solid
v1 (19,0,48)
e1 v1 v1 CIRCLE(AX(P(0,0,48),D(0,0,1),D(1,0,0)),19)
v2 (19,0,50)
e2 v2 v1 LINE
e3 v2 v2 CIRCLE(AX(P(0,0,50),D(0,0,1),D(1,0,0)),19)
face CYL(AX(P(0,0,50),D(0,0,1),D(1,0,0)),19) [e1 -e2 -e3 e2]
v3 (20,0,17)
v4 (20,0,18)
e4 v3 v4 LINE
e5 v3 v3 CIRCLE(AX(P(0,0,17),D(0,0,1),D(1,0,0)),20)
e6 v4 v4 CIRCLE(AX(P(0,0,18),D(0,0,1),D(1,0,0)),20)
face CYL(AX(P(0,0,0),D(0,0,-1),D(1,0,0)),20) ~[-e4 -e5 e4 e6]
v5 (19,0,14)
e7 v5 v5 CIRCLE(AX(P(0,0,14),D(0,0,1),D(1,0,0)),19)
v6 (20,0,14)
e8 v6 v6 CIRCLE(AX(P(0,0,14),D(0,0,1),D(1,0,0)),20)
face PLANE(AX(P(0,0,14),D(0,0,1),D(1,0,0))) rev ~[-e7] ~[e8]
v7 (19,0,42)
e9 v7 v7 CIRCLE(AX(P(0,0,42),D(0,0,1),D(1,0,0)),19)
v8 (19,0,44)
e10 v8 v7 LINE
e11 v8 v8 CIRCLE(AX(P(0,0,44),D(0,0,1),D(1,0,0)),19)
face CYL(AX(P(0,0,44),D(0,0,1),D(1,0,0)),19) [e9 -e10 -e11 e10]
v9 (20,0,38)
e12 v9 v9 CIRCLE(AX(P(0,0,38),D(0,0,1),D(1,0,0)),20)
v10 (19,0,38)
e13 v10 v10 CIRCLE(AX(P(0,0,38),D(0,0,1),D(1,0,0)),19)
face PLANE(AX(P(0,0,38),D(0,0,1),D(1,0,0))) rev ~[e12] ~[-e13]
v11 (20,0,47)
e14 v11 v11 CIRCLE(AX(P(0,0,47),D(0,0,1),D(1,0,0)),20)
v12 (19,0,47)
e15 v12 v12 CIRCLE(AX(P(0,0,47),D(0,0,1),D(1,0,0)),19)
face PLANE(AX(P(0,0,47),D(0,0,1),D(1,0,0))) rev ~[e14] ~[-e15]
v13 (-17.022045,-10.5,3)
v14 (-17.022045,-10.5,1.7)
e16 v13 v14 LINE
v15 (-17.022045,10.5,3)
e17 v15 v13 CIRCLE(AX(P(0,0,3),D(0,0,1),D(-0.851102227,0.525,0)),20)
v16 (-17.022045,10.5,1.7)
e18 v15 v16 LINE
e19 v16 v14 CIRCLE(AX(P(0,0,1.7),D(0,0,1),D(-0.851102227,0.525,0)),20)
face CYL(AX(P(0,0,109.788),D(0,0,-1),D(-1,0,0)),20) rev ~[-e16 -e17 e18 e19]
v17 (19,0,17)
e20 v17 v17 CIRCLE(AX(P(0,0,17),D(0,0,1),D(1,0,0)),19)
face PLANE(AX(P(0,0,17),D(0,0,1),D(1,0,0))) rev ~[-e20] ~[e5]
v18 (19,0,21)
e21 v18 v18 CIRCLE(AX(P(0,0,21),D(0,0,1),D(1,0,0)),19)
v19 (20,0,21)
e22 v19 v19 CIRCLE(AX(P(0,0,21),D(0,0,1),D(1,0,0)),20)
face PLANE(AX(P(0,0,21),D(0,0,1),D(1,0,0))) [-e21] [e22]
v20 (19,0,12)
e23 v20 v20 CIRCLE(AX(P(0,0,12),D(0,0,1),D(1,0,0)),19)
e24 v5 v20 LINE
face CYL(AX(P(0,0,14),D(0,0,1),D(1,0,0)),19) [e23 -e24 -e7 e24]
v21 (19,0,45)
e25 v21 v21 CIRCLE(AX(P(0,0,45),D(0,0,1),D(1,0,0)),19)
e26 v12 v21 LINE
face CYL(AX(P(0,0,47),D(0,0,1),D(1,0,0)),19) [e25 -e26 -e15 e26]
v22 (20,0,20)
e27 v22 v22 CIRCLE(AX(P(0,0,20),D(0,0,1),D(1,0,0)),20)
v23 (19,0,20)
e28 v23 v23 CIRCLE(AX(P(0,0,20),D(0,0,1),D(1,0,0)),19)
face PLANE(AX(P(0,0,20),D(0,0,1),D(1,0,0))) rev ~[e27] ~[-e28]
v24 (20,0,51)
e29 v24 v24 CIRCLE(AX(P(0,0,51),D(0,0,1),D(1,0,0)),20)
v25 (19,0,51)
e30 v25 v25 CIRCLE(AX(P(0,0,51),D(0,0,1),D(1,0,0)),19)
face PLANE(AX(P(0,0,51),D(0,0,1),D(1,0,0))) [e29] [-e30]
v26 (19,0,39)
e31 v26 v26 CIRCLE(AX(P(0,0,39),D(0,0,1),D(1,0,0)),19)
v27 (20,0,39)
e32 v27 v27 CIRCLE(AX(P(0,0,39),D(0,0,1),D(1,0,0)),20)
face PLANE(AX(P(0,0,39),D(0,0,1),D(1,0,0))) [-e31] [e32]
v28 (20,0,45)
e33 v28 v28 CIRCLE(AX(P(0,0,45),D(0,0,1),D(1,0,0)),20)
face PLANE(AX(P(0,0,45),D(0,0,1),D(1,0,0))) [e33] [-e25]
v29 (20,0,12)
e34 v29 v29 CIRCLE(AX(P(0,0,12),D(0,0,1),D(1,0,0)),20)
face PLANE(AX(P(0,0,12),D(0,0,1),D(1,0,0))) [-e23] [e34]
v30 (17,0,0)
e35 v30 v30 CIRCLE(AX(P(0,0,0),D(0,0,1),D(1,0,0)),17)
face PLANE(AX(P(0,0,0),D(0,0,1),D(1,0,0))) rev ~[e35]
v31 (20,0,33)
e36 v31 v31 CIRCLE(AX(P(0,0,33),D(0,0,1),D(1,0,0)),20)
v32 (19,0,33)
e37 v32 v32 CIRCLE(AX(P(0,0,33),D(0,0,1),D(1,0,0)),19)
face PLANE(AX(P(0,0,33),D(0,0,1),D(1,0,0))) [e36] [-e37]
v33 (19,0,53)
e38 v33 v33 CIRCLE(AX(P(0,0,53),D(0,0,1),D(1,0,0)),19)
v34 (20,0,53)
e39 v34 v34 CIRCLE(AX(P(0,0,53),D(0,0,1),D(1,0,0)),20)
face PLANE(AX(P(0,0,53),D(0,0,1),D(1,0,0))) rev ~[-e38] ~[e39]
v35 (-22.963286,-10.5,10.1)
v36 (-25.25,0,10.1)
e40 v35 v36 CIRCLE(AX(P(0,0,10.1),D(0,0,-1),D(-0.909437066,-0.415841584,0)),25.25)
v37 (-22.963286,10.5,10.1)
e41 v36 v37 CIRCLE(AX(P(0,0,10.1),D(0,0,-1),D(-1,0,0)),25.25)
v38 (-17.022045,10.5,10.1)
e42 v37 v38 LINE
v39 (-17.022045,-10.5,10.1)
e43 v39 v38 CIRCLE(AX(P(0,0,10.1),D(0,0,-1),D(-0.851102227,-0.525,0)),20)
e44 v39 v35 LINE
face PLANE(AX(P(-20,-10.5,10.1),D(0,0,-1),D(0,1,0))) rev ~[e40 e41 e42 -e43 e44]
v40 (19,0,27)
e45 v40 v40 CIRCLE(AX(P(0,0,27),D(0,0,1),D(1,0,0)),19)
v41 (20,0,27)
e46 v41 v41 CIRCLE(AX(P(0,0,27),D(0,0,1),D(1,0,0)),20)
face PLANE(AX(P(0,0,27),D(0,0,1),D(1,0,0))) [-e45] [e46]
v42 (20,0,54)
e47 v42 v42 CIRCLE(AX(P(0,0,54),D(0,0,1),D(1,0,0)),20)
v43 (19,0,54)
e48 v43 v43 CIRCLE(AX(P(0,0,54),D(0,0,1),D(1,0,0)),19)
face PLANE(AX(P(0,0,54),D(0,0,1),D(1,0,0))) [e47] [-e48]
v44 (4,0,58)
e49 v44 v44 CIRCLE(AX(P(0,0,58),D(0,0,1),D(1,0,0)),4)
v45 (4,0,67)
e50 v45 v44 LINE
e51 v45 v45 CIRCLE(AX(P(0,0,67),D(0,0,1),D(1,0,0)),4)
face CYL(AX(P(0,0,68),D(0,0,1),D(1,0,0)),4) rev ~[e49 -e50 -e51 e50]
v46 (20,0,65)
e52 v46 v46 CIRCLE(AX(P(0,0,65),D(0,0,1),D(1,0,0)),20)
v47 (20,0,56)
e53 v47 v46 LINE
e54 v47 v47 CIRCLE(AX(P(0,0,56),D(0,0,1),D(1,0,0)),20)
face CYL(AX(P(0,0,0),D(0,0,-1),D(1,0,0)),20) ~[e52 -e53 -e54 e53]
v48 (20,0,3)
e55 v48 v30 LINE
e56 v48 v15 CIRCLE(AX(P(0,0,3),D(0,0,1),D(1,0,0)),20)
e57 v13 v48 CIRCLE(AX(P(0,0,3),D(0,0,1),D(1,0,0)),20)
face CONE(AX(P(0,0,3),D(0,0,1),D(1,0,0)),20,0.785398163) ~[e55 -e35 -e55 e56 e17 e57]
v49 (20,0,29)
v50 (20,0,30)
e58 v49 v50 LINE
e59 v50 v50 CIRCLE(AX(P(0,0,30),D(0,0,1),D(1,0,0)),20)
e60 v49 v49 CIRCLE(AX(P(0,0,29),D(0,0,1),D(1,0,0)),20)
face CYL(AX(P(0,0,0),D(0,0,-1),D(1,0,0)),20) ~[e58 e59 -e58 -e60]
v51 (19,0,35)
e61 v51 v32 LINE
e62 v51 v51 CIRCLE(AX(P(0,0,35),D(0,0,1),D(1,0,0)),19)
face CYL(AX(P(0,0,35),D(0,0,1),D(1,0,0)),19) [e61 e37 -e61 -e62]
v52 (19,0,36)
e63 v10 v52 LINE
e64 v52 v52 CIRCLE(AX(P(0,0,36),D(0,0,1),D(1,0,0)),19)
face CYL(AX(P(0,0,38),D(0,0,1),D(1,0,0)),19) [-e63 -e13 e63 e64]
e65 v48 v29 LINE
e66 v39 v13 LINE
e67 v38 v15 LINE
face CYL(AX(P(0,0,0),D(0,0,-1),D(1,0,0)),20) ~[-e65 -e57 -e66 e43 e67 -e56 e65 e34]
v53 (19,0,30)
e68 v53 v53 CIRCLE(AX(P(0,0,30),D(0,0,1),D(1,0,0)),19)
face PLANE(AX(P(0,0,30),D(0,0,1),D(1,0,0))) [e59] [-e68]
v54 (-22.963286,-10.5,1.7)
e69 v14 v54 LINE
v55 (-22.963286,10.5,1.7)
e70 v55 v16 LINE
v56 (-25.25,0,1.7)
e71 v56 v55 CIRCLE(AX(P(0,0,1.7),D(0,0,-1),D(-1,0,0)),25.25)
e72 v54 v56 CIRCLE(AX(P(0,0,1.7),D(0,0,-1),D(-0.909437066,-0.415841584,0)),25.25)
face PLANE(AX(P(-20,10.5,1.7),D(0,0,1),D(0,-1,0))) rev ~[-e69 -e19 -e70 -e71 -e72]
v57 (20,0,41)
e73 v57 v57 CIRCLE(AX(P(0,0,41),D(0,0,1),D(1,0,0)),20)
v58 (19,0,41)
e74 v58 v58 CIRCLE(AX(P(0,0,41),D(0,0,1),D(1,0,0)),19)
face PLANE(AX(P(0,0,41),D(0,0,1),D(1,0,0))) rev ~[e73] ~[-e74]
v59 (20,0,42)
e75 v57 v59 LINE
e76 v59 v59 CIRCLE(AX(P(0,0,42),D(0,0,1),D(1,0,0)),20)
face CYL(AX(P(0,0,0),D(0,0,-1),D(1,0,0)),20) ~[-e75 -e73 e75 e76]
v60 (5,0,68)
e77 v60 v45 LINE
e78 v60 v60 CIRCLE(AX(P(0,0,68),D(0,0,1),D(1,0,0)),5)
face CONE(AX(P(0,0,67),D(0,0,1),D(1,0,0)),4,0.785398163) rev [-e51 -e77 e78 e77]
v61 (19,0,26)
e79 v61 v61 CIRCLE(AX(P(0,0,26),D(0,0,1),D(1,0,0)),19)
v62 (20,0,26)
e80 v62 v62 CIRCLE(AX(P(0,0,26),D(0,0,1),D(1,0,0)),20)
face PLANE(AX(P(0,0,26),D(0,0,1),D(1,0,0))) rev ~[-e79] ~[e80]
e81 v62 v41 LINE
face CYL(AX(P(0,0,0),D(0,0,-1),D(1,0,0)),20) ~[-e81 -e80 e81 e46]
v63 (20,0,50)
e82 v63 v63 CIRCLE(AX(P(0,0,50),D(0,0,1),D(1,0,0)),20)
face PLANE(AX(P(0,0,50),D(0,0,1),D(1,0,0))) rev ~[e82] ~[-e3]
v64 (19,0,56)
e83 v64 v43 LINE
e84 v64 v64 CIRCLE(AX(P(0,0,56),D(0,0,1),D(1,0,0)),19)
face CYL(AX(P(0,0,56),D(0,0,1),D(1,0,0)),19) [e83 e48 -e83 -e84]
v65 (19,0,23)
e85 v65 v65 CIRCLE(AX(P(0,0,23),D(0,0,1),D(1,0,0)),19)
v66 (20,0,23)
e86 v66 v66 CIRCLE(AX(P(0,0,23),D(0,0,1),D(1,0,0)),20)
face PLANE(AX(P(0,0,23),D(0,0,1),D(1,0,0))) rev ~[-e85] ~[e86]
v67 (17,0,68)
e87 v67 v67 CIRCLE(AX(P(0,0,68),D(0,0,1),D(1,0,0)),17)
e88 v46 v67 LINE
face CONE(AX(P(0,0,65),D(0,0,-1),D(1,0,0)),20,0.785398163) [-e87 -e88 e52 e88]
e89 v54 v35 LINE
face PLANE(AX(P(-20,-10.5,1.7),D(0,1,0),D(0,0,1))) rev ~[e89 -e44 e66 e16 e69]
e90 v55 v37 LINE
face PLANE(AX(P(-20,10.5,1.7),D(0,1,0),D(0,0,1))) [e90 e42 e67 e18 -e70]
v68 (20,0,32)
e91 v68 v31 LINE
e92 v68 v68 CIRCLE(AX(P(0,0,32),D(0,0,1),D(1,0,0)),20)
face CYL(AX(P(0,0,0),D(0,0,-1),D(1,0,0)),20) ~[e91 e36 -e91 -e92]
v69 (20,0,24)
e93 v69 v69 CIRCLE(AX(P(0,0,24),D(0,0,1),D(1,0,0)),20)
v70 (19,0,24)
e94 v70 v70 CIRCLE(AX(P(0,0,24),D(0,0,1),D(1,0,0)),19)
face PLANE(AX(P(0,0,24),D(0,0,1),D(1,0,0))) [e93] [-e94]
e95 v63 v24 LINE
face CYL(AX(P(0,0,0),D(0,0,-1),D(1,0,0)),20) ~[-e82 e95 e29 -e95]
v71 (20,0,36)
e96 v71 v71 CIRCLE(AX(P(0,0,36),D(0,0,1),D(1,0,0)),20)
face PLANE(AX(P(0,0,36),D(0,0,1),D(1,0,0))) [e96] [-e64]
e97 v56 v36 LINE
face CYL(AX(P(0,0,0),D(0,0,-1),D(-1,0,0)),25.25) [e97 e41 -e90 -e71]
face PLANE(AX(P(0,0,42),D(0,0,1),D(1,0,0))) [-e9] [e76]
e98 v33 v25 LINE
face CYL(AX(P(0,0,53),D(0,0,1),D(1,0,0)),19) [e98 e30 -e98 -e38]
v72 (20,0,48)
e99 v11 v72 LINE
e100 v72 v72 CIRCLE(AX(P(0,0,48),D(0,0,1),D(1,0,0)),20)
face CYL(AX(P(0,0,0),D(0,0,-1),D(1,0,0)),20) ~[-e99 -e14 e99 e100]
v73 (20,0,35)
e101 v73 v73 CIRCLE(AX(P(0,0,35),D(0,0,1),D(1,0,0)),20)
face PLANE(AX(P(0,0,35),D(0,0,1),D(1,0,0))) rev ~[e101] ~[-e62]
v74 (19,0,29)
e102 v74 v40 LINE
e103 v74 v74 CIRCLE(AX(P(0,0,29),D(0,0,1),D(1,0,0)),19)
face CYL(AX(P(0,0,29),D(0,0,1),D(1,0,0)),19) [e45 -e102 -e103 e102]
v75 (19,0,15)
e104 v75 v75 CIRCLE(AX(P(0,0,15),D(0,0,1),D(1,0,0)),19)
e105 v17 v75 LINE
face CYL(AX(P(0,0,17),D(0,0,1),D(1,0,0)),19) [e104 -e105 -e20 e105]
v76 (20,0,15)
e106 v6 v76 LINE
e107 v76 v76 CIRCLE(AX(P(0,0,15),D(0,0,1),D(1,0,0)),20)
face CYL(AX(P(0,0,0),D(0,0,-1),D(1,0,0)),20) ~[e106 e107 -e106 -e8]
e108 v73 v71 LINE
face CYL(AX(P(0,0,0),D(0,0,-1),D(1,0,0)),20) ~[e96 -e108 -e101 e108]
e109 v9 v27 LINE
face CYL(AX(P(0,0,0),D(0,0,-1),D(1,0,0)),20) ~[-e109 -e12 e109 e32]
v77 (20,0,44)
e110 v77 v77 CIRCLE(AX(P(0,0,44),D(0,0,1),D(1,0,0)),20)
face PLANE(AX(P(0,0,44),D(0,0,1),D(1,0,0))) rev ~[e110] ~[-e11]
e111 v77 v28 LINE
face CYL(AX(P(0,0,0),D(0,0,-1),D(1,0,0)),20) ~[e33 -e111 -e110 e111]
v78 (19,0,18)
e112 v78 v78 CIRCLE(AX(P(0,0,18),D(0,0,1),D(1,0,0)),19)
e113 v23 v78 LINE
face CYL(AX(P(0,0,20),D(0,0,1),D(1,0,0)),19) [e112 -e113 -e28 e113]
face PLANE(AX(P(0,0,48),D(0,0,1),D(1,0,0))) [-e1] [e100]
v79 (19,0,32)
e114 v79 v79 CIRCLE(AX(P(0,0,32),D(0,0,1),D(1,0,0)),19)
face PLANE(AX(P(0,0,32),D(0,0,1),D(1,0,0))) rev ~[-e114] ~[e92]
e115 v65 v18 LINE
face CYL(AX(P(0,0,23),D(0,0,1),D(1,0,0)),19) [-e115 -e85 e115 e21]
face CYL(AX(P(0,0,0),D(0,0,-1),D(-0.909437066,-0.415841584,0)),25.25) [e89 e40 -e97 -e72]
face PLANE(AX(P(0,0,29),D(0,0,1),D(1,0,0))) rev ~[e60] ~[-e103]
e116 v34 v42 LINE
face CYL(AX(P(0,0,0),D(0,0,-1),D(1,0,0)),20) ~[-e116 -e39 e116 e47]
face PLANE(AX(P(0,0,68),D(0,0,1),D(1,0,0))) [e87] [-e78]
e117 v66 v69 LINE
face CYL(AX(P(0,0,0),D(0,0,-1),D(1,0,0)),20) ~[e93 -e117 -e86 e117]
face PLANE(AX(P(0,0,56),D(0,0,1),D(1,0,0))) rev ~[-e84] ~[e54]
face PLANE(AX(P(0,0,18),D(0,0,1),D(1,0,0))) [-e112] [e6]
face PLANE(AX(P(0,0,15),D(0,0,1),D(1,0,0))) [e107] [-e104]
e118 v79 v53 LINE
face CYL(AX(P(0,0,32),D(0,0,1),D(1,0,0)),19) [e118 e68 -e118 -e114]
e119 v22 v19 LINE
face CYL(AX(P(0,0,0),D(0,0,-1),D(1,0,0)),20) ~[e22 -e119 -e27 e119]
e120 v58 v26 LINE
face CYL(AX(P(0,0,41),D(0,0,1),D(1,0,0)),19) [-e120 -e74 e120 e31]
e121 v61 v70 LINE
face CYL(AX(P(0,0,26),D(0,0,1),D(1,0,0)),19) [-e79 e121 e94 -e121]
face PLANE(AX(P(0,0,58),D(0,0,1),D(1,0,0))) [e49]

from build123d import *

# Parameters (mm, degrees)
SKETCH1_R                       = 20
BOSS_EXTRUDE1_DEPTH             = 68
SKETCH2_R                       = 4
CUT_EXTRUDE1_DEPTH              = 10
CHAMFER1_SIZE                   = 3
CUT_EXTRUDE3_START              = -12
SKETCH5_R                       = 20
SKETCH5_R_2                     = 19
CUT_EXTRUDE3_DEPTH              = 2
LPATTERN1_COUNT                 = 15
LPATTERN1_PITCH                 = 3
CHAMFER2_SIZE                   = 1
BOSS_EXTRUDE2_REACH             = 83.388
BOSS_EXTRUDE2_END_RADIUS        = 20
SKETCH6_W                       = 8.4
SKETCH6_H                       = 10.5
BOSS_EXTRUDE2_DIRECTION_2_DEPTH = 5.5
CUT_EXTRUDE4_DEPTH              = 10.1


with BuildPart() as part:
    # Sketch1 → Boss-Extrude1 (new body)
    with BuildSketch(Plane.XY):
        Circle(SKETCH1_R)
    extrude(amount=BOSS_EXTRUDE1_DEPTH)

    # Sketch2 → Cut-Extrude1 (cut)
    with BuildSketch(Plane.XY.offset(68)):
        Circle(SKETCH2_R)
    extrude(amount=-CUT_EXTRUDE1_DEPTH, mode=Mode.SUBTRACT)

    # Chamfer1
    chamfer1_edges = [part.edges().sort_by_distance(p)[0] for p in [
        (-20, 0, 0),
        (-20, 0, 68),
    ]]
    chamfer(chamfer1_edges, length=CHAMFER1_SIZE)

    # Sketch5 → Cut-Extrude3 (cut)
    with BuildSketch(Plane.XY.offset(68).offset(CUT_EXTRUDE3_START)):
        Circle(SKETCH5_R)
        Circle(SKETCH5_R_2, mode=Mode.SUBTRACT)
    cut_extrude3 = extrude(amount=-CUT_EXTRUDE3_DEPTH, mode=Mode.SUBTRACT)

    # LPattern1: Cut-Extrude3 ×15
    with Locations(*[(0, 0, -i * LPATTERN1_PITCH) for i in range(1, LPATTERN1_COUNT)]):
        add(cut_extrude3, mode=Mode.SUBTRACT)

    # Chamfer2
    chamfer2_edges = [part.edges().sort_by_distance(p)[0] for p in [
        (-4, 0, 68),
    ]]
    chamfer(chamfer2_edges, length=CHAMFER2_SIZE)

    # Boss-Extrude2: up to this cylinder (the profile starts outside it)
    boss_extrude2_end = Plane(origin=(0, 0, 5.9), z_dir=(0, 0, -1)) * Cylinder(BOSS_EXTRUDE2_END_RADIUS, 207.776, mode=Mode.PRIVATE)
    # Sketch6 → Boss-Extrude2 (add, up to the surface)
    with BuildSketch(Plane.ZY.offset(20), mode=Mode.PRIVATE) as boss_extrude2_sk1:
        with Locations((5.9, 5.25)):
            Rectangle(SKETCH6_W, SKETCH6_H)
    boss_extrude2_tool1 = extrude(boss_extrude2_sk1.sketch, amount=-BOSS_EXTRUDE2_REACH, mode=Mode.PRIVATE) - boss_extrude2_end
    add(boss_extrude2_tool1.solids().sort_by_distance((-20, 5.25, 5.9))[0])
    # Sketch6 → Boss-Extrude2 (add, up to the surface)
    with BuildSketch(Plane.ZY.offset(20), mode=Mode.PRIVATE) as boss_extrude2_sk2:
        with Locations((5.9, -5.25)):
            Rectangle(SKETCH6_W, SKETCH6_H)
    boss_extrude2_tool2 = extrude(boss_extrude2_sk2.sketch, amount=-BOSS_EXTRUDE2_REACH, mode=Mode.PRIVATE) - boss_extrude2_end
    add(boss_extrude2_tool2.solids().sort_by_distance((-20, -5.25, 5.9))[0])

    # Sketch6 → Boss-Extrude2 direction 2 (add)
    with BuildSketch(Plane.ZY.offset(20)):
        with Locations((5.9, 5.25)):
            Rectangle(SKETCH6_W, SKETCH6_H)
        with Locations((5.9, -5.25)):
            Rectangle(SKETCH6_W, SKETCH6_H)
    extrude(amount=BOSS_EXTRUDE2_DIRECTION_2_DEPTH)

    # Sketch7 → Cut-Extrude4 (cut)
    with BuildSketch(Plane.XY):
        with BuildLine():
            Line((-22.963285915, 10.5), (-25.5, 10.5))
            Line((-25.5, 10.5), (-25.5, 0))
            Line((-25.5, 0), (-25.25, 0))
            ThreePointArc((-25.25, 0), (-24.671699063, 5.373059215), (-22.963285915, 10.5))
        make_face()
        with BuildLine():
            Line((-25.25, 0), (-25.5, 0))
            Line((-25.5, 0), (-25.5, -10.5))
            Line((-25.5, -10.5), (-22.963285915, -10.5))
            ThreePointArc((-22.963285915, -10.5), (-24.671699063, -5.373059215), (-25.25, 0))
        make_face()
    extrude(amount=CUT_EXTRUDE4_DEPTH, mode=Mode.SUBTRACT)


solid = part.part
